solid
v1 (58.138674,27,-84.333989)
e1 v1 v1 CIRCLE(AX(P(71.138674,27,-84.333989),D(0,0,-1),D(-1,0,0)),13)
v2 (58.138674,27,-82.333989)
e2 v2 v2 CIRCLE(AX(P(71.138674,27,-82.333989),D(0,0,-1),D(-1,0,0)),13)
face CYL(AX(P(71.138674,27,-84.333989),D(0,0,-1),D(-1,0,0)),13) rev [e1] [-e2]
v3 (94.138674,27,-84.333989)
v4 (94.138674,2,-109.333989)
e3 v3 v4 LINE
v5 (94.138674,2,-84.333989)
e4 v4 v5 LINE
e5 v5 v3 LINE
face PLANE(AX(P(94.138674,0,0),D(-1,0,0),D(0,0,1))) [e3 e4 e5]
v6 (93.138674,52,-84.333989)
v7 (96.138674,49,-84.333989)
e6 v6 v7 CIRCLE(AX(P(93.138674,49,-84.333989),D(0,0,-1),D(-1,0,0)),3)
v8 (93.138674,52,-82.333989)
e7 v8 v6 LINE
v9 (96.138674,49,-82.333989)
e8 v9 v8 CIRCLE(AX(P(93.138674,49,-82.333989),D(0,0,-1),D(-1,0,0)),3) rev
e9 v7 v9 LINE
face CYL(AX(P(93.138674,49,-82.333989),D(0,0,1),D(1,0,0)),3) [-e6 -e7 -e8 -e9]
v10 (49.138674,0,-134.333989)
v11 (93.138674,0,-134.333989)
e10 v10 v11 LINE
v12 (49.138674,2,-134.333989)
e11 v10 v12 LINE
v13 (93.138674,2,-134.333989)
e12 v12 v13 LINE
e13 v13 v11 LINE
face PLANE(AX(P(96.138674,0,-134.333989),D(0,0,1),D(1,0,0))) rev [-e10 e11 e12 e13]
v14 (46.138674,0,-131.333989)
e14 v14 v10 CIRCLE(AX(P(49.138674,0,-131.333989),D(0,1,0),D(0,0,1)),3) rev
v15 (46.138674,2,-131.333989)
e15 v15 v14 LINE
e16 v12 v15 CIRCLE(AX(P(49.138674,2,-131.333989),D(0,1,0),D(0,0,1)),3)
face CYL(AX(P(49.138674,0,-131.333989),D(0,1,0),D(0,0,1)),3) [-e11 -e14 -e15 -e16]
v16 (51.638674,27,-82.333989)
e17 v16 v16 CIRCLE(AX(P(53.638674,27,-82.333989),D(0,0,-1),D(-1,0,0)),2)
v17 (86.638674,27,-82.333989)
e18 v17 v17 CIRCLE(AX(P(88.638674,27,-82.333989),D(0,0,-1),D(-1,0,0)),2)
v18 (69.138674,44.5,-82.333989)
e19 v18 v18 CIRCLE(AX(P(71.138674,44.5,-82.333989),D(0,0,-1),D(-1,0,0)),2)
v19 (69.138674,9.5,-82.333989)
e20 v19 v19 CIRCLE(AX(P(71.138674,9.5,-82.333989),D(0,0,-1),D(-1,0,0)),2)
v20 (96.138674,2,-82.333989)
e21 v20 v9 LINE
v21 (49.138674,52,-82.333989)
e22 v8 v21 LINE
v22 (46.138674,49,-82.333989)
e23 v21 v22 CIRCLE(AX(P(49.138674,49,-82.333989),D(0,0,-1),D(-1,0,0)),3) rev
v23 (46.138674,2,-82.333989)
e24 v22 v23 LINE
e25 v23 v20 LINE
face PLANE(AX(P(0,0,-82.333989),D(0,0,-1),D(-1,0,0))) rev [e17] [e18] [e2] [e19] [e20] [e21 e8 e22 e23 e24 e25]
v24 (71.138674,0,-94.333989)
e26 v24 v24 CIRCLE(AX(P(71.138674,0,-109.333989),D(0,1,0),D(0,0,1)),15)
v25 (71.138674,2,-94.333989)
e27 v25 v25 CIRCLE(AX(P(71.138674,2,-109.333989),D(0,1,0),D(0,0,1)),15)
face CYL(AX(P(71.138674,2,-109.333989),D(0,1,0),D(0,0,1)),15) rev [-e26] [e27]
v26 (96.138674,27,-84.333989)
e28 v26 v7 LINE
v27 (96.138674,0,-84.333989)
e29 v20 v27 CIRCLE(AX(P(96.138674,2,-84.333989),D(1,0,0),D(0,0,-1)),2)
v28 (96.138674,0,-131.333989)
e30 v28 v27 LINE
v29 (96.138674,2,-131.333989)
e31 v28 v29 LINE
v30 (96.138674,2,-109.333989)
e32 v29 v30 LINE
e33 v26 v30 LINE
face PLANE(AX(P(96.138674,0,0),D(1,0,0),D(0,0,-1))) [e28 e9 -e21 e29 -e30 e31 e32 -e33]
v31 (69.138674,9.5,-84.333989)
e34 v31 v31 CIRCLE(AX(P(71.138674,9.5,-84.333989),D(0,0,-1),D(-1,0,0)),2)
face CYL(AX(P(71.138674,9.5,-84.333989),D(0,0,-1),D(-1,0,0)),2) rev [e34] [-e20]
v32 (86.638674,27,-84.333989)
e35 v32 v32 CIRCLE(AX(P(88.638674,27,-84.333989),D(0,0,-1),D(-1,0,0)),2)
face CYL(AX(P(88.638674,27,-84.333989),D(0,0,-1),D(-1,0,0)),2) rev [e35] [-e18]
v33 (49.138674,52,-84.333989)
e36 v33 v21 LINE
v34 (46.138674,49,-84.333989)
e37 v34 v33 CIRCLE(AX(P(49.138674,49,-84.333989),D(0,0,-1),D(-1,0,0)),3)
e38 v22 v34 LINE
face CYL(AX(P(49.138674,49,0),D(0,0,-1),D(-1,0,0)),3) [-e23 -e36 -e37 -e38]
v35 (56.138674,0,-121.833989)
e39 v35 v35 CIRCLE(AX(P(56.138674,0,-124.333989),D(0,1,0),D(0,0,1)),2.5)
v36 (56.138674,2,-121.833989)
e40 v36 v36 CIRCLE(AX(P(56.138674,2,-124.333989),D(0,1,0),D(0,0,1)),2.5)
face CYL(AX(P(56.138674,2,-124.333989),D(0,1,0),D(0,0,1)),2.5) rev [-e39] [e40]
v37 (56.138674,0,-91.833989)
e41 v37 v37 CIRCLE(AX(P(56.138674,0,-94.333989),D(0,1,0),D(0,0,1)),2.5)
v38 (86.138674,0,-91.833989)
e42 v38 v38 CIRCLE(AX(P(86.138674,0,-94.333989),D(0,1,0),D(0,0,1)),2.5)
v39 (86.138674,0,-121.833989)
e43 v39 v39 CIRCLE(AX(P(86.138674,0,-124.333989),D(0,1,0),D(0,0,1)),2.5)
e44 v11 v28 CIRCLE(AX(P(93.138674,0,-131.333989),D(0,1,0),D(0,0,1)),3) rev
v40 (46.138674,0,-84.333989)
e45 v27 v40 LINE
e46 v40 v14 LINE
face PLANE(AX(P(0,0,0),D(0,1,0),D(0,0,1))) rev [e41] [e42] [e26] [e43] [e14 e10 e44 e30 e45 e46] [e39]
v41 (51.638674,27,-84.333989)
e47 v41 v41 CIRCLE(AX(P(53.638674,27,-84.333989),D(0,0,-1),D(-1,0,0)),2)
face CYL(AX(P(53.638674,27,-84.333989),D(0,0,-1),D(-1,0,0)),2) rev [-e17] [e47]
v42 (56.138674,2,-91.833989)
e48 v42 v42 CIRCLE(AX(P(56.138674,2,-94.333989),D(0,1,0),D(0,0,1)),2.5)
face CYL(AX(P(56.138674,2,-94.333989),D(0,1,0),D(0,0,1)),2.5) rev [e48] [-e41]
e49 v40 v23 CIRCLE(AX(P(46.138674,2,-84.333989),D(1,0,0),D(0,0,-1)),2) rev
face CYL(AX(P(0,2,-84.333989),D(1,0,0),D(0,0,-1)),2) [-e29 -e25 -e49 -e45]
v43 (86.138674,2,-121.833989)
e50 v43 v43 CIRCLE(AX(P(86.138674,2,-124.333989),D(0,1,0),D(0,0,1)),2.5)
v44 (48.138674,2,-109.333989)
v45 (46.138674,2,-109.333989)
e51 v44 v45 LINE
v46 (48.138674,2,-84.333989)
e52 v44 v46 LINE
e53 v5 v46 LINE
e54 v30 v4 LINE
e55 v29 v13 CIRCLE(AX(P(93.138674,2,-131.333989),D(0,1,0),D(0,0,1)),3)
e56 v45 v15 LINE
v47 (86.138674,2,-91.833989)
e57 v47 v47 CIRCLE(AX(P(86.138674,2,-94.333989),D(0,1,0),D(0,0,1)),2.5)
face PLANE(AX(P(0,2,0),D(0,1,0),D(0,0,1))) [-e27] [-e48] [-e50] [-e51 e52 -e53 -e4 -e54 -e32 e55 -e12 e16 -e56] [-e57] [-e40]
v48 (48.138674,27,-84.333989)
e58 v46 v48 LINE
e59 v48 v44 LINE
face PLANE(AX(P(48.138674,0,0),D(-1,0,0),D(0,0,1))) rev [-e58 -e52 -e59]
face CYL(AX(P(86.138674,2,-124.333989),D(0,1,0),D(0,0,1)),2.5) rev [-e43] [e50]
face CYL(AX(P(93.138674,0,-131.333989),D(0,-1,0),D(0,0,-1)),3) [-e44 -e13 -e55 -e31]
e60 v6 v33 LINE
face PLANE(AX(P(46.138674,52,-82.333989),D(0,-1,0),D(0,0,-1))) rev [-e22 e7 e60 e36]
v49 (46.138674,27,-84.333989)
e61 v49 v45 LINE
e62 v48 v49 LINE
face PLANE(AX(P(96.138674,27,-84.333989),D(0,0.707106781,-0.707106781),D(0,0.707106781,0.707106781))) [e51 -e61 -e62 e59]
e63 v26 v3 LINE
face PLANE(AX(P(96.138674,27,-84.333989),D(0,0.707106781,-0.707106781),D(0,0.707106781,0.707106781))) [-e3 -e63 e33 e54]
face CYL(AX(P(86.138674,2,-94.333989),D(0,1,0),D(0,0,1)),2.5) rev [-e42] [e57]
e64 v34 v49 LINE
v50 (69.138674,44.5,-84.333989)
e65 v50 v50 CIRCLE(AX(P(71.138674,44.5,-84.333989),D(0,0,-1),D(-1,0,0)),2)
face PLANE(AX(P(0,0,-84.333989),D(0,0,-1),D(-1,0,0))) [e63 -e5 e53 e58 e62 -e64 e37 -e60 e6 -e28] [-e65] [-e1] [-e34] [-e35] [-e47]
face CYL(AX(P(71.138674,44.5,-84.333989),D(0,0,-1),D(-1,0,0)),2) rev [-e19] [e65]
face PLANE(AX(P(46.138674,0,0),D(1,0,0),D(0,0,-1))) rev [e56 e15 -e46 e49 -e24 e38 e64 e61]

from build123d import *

# Parameters (mm, degrees)
EXTRUDE_1_DEPTH          = 50
SKETCH_2_W               = 50
SKETCH_2_H               = 50
EXTRUDE_2_DEPTH          = 2
CUT_EXTRUDE_1_DEPTH      = 46
SKETCH_4_W               = 50
SKETCH_4_H               = 52
EXTRUDE_3_DEPTH          = 2
HOLE_WIZARD_M22_1_D      = 26
HOLE_WIZARD_4_0_4_1_D    = 4
HOLE_WIZARD_M27_1_D      = 30
HOLE_WIZARD_5_0_5_1_D    = 5
FILLET_1_R               = 2
FILLET_2_R               = 3
PATTERN_CIRCULAR_1_COUNT = 4
PATTERN_CIRCULAR_2_COUNT = 4


with BuildPart() as part:
    # 草图1 → 凸台-拉伸1 (new body)
    with BuildSketch(Plane(origin=(46.138674094, 0, 0), x_dir=(0, -1, 0), z_dir=(-1, 0, 0))):
        Polygon((-27, -84.333988555), (-2, -109.333988555), (-2, -84.333988555), align=None)
    extrude(amount=-EXTRUDE_1_DEPTH)

    # 草图2 → 凸台-拉伸2 (add)
    with BuildSketch(Plane.XZ.offset(-2)):
        with Locations((71.138674094, -109.333988555)):
            Rectangle(SKETCH_2_W, SKETCH_2_H)
    extrude(amount=EXTRUDE_2_DEPTH)

    # 草图3 → 切除-拉伸1 (cut)
    with BuildSketch(Plane(origin=(48.138674094, 0, 0), x_dir=(0, -1, 0), z_dir=(-1, 0, 0))):
        Polygon((-2, -84.333988555), (-27, -84.333988555), (-2, -109.333988555), align=None)
    extrude(amount=-CUT_EXTRUDE_1_DEPTH, mode=Mode.SUBTRACT)

    # 草图4 → 凸台-拉伸3 (add)
    with BuildSketch(Plane.XY.offset(-84.333988555)):
        with Locations((71.138674094, 26)):
            Rectangle(SKETCH_4_W, SKETCH_4_H)
    extrude(amount=EXTRUDE_3_DEPTH)

    # M22 间隙孔1 (through all)
    with Locations(Plane(origin=(0, 0, -84.333988555), x_dir=(-1, 0, 0), z_dir=(0, 0, -1))):
        with Locations((-71.138674094, 27)):
            Hole(HOLE_WIZARD_M22_1_D / 2)

    # Ø4.0 (4) 直径孔1 (through all)
    with Locations(Plane(origin=(0, 0, -84.333988555), x_dir=(-1, 0, 0), z_dir=(0, 0, -1))):
        with Locations((-71.138674094, 44.5)):
            hole_wizard_4_0_4_1 = Hole(HOLE_WIZARD_4_0_4_1_D / 2)

    # M27 间隙孔1 (through all)
    with Locations(Plane(origin=(0, 2, 0), x_dir=(1, 0, 0), z_dir=(0, 1, 0))):
        with Locations((71.138674094, 109.333988555)):
            Hole(HOLE_WIZARD_M27_1_D / 2)

    # Ø5.0 (5) 直径孔1 (through all)
    with Locations(Plane(origin=(0, 2, 0), x_dir=(1, 0, 0), z_dir=(0, 1, 0))):
        with Locations((56.138674094, 124.333988555)):
            hole_wizard_5_0_5_1 = Hole(HOLE_WIZARD_5_0_5_1_D / 2)

    # 圆角1
    fillet_1_edges = [part.edges().sort_by_distance(p)[0] for p in [
        (71.138674094, 0, -82.333988555),
    ]]
    fillet(fillet_1_edges, radius=FILLET_1_R)

    # 圆角2
    fillet_2_edges = [part.edges().sort_by_distance(p)[0] for p in [
        (96.138674094, 52, -83.333988555),
        (96.138674094, 1, -134.333988555),
        (46.138674094, 52, -83.333988555),
        (46.138674094, 1, -134.333988555),
    ]]
    fillet(fillet_2_edges, radius=FILLET_2_R)

    # 阵列(圆周)1: Ø5.0 (5) 直径孔1 ×4 about axis
    pattern_circular_1_axis = Axis((71.138674094, 0, -109.333988555), (0, 1, 0))
    for i in range(1, PATTERN_CIRCULAR_1_COUNT):
        add(hole_wizard_5_0_5_1.rotate(pattern_circular_1_axis, i * 360 / PATTERN_CIRCULAR_1_COUNT), mode=Mode.SUBTRACT)

    # 阵列(圆周)2: Ø4.0 (4) 直径孔1 ×4 about axis
    pattern_circular_2_axis = Axis((71.138674094, 27, 0), (0, 0, 1))
    for i in range(1, PATTERN_CIRCULAR_2_COUNT):
        add(hole_wizard_4_0_4_1.rotate(pattern_circular_2_axis, i * 360 / PATTERN_CIRCULAR_2_COUNT), mode=Mode.SUBTRACT)


solid = part.part
